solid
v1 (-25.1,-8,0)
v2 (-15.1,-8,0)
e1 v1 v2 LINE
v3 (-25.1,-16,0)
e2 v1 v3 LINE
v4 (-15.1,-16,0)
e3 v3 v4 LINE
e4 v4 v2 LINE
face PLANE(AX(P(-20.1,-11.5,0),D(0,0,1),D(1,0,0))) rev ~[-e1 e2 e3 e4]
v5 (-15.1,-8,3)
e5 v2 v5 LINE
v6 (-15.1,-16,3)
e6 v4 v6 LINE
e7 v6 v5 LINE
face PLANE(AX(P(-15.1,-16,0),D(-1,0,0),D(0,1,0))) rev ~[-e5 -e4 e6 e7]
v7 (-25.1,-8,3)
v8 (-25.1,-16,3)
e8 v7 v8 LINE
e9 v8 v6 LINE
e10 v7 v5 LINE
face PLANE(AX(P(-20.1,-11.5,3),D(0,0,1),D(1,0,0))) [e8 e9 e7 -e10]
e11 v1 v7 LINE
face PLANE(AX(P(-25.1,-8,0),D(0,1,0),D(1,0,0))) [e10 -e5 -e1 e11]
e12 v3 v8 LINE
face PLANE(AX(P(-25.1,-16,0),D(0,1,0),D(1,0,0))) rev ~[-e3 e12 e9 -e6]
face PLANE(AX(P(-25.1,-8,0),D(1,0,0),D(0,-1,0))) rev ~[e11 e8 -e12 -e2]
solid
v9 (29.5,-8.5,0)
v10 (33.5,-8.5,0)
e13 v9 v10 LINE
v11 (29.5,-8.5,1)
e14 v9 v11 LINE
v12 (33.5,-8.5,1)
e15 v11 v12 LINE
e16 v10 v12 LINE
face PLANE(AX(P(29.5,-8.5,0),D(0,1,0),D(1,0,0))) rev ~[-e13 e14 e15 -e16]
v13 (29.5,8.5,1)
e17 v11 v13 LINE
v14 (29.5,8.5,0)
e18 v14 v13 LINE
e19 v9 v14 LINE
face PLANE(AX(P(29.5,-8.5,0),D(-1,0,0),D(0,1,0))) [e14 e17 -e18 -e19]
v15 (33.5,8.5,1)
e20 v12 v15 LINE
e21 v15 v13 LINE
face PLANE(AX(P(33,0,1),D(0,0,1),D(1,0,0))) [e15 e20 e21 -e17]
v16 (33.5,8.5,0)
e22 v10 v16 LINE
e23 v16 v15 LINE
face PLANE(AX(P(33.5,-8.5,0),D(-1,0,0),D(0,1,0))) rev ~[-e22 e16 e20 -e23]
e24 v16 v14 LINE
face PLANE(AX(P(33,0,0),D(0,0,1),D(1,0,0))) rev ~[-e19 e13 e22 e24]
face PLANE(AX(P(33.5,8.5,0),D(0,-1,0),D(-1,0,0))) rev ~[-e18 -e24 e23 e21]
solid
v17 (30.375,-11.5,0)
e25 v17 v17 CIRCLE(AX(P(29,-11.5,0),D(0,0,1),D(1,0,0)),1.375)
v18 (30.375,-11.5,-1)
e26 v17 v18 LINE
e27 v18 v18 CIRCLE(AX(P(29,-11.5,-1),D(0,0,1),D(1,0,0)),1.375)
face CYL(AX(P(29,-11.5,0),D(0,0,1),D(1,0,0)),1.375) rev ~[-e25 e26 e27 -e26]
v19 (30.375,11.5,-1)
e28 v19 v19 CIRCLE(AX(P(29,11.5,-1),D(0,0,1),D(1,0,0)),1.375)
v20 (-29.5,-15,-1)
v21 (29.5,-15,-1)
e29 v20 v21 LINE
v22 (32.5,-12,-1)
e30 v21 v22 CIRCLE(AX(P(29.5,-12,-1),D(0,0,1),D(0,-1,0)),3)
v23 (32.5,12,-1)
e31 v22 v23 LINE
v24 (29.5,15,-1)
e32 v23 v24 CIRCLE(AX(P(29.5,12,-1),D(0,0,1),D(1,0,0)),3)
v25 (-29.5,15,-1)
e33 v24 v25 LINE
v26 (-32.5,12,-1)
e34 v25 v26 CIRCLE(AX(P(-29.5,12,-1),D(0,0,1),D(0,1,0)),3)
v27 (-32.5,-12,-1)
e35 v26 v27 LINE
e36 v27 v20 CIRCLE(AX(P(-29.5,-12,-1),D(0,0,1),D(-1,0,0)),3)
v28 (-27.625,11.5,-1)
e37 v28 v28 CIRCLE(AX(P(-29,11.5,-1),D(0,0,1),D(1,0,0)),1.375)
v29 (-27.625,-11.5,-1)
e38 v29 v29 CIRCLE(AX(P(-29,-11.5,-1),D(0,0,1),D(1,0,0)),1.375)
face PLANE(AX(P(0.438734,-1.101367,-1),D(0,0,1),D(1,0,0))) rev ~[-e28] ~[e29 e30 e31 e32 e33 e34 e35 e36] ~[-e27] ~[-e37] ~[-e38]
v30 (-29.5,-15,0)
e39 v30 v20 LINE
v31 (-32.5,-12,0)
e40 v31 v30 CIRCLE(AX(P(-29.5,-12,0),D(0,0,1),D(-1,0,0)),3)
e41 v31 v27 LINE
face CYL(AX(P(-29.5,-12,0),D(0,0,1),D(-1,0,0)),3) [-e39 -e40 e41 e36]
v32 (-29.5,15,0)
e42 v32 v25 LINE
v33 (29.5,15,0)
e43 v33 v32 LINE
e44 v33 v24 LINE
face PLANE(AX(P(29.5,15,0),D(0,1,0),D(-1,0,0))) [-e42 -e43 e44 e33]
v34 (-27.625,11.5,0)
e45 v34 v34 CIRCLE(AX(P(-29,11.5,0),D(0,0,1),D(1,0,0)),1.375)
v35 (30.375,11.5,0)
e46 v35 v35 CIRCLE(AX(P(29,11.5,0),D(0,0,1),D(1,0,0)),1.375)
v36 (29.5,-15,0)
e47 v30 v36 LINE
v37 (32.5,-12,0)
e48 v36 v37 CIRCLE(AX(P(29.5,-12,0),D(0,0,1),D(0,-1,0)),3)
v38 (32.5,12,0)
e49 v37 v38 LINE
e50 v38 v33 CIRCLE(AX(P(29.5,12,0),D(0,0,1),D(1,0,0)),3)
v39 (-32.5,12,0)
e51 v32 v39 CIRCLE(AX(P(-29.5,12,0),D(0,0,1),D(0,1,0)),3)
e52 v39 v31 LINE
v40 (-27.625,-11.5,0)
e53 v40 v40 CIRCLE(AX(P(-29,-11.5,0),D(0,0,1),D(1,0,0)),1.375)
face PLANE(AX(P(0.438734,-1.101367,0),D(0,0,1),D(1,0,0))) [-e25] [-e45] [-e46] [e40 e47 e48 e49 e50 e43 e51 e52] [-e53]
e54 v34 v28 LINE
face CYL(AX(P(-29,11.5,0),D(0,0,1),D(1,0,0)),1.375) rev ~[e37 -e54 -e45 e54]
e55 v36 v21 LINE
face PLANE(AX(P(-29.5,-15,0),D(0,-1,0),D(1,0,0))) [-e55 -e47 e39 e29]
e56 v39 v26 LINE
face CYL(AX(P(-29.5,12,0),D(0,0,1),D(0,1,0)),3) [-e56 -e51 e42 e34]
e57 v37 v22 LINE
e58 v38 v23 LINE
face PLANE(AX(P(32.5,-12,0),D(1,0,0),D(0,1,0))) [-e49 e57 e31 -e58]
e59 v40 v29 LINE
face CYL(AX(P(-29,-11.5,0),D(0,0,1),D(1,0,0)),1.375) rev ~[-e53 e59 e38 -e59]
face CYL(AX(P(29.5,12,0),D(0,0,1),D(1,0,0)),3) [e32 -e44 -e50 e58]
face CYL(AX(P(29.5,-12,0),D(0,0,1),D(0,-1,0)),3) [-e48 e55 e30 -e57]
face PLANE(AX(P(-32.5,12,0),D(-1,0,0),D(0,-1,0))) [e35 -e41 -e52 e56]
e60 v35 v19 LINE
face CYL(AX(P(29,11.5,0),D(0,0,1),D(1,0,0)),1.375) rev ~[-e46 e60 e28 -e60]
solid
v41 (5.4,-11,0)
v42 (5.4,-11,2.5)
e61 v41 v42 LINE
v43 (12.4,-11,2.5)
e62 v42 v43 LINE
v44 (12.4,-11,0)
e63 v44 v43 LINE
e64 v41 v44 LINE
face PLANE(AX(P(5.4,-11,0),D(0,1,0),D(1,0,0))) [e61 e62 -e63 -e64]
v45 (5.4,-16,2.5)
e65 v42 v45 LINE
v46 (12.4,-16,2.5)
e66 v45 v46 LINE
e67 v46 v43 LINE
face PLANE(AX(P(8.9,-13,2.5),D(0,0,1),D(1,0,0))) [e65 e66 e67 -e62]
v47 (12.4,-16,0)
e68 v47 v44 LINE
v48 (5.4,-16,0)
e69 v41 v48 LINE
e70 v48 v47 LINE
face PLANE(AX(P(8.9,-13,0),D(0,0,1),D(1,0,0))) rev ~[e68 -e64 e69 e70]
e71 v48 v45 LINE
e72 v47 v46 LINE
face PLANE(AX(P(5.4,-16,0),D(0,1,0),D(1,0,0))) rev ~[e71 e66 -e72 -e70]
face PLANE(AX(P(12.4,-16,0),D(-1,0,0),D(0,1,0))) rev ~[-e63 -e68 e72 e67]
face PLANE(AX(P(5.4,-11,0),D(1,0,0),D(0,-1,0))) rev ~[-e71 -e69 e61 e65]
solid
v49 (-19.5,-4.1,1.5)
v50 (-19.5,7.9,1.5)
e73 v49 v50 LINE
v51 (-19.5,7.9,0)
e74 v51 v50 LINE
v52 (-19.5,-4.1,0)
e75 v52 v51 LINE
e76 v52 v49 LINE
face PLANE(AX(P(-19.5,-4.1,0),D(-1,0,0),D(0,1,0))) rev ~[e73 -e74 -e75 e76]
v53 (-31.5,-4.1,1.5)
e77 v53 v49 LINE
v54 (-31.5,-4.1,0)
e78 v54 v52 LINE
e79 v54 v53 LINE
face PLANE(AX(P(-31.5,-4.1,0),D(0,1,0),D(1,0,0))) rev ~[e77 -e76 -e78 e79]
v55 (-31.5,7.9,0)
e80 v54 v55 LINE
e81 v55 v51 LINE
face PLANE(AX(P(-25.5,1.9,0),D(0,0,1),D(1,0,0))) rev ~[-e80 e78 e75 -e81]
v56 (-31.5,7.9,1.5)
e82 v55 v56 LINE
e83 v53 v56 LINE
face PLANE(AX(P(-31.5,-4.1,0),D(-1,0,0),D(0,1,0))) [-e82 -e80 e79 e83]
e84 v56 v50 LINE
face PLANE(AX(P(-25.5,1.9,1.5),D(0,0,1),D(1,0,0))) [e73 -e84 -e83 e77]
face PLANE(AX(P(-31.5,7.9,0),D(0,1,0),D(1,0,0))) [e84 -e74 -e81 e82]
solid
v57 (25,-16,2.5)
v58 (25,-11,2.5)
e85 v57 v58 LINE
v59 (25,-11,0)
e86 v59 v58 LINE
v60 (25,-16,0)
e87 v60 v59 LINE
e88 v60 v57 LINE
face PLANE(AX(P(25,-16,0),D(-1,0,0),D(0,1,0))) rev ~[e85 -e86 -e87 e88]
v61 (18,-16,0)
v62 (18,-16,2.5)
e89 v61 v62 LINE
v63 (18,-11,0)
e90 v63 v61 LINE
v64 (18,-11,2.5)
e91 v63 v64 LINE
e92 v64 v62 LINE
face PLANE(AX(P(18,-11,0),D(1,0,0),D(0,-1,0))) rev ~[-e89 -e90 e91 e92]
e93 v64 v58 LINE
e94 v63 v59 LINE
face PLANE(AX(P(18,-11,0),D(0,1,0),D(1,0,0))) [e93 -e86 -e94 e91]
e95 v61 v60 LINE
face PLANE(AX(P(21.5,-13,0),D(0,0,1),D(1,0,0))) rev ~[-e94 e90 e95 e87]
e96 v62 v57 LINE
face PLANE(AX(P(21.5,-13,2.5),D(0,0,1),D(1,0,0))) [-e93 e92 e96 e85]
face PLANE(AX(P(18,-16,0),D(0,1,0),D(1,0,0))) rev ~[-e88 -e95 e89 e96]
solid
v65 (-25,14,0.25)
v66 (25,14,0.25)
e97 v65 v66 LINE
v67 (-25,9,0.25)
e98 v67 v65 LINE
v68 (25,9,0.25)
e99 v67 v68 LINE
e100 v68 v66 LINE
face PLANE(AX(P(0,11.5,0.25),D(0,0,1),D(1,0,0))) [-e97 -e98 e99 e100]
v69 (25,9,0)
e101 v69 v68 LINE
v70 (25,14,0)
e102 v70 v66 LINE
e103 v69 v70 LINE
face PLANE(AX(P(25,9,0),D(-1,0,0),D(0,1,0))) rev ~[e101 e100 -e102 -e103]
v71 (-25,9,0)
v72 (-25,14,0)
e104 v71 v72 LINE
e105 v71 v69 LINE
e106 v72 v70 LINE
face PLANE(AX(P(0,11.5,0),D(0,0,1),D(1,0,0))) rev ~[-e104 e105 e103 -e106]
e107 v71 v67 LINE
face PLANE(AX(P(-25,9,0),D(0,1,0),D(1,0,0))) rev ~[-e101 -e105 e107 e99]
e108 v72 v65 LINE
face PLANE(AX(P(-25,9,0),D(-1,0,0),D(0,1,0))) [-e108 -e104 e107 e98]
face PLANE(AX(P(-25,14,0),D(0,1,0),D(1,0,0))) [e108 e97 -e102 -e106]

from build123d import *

# Parameters (mm, degrees)
F0_R     = 1.375
F0_W     = 12
F0_H     = 12
F0_W_2   = 50
F0_H_2   = 5
F0_W_3   = 10
F0_H_3   = 7
F0_W_4   = 3
F0_H_4   = 17
F0_W_5   = 7
F0_H_5   = 4
F1_DEPTH = 1
F2_DEPTH = 1.5
F0_H_6   = 1
F3_DEPTH = 3
F4_DEPTH = 2.5
F0_W_6   = 1
F5_DEPTH = 1
F6_DEPTH = 0.25


with BuildPart() as f1:
    # F0 (on Top) → F1 (new body)
    with BuildSketch(Plane.XY):
        with BuildLine():
            Line((25, -15), (29.5, -15))
            ThreePointArc((29.5, -15), (31.6213203436, -14.1213203436), (32.5, -12))
            Line((32.5, -12), (32.5, -8.5))
            Line((32.5, -8.5), (29.5, -8.5))
            Line((29.5, -8.5), (29.5, 8.5))
            Line((29.5, 8.5), (32.5, 8.5))
            Line((32.5, 8.5), (32.5, 12))
            ThreePointArc((32.5, 12), (31.6213203436, 14.1213203436), (29.5, 15))
            Line((29.5, 15), (-29.5, 15))
            ThreePointArc((-29.5, 15), (-31.6213203436, 14.1213203436), (-32.5, 12))
            Line((-32.5, 12), (-32.5, -12))
            ThreePointArc((-32.5, -12), (-31.6213203436, -14.1213203436), (-29.5, -15))
            Line((-29.5, -15), (-25.1, -15))
            Line((-25.1, -15), (-25.1, -8))
            Line((-25.1, -8), (-15.1, -8))
            Line((-15.1, -8), (-15.1, -15))
            Line((-15.1, -15), (5.4, -15))
            Line((5.4, -15), (5.4, -11))
            Line((5.4, -11), (12.4, -11))
            Line((12.4, -11), (12.4, -15))
            Line((12.4, -15), (18, -15))
            Line((18, -15), (18, -11))
            Line((18, -11), (25, -11))
            Line((25, -11), (25, -15))
        make_face()
        with Locations((-29, -11.5)):
            Circle(F0_R, mode=Mode.SUBTRACT)
        with Locations((29, -11.5)):
            Circle(F0_R, mode=Mode.SUBTRACT)
        with Locations((-25.5, 1.9)):
            Rectangle(F0_W, F0_H, mode=Mode.SUBTRACT)
        with Locations((-29, 11.5)):
            Circle(F0_R, mode=Mode.SUBTRACT)
        with Locations((0, 11.5)):
            Rectangle(F0_W_2, F0_H_2, mode=Mode.SUBTRACT)
        with Locations((29, 11.5)):
            Circle(F0_R, mode=Mode.SUBTRACT)
        with Locations((0, 11.5)):
            Rectangle(F0_W_2, F0_H_2)
        with Locations((-25.5, 1.9)):
            Rectangle(F0_W, F0_H)
        with Locations((-20.1, -11.5)):
            Rectangle(F0_W_3, F0_H_3)
        with Locations((31, 0)):
            Rectangle(F0_W_4, F0_H_4)
        with Locations((8.9, -13)):
            Rectangle(F0_W_5, F0_H_5)
        with Locations((21.5, -13)):
            Rectangle(F0_W_5, F0_H_5)
    extrude(amount=-F1_DEPTH)


with BuildPart() as f2:
    # F0 (on Top) → F2 (new body)
    with BuildSketch(Plane.XY):
        with Locations((-25.5, 1.9)):
            Rectangle(F0_W, F0_H)
    extrude(amount=F2_DEPTH)


with BuildPart() as f3:
    # F0 (on Top) → F3 (new body)
    with BuildSketch(Plane.XY):
        with Locations((-20.1, -11.5)):
            Rectangle(F0_W_3, F0_H_3)
        with Locations((-20.1, -15.5)):
            Rectangle(F0_W_3, F0_H_6)
    extrude(amount=F3_DEPTH)


with BuildPart() as f4:
    # F0 (on Top) → F4 (new body)
    with BuildSketch(Plane.XY):
        with Locations((8.9, -13)):
            Rectangle(F0_W_5, F0_H_5)
        with Locations((8.9, -15.5)):
            Rectangle(F0_W_5, F0_H_6)
    extrude(amount=F4_DEPTH)


with BuildPart() as f4b:
    # F0 (on Top) → F4, piece 2 (new body)
    with BuildSketch(Plane.XY):
        with Locations((21.5, -13)):
            Rectangle(F0_W_5, F0_H_5)
        with Locations((21.5, -15.5)):
            Rectangle(F0_W_5, F0_H_6)
    extrude(amount=F4_DEPTH)


with BuildPart() as f5:
    # F0 (on Top) → F5 (new body)
    with BuildSketch(Plane.XY):
        with Locations((33, 0)):
            Rectangle(F0_W_6, F0_H_4)
        with Locations((31, 0)):
            Rectangle(F0_W_4, F0_H_4)
    extrude(amount=F5_DEPTH)


with BuildPart() as f6:
    # F0 (on Top) → F6 (new body)
    with BuildSketch(Plane.XY):
        with Locations((0, 11.5)):
            Rectangle(F0_W_2, F0_H_2)
    extrude(amount=F6_DEPTH)


solid = Compound([f1.part, f2.part, f3.part, f4.part, f4b.part, f5.part, f6.part])
